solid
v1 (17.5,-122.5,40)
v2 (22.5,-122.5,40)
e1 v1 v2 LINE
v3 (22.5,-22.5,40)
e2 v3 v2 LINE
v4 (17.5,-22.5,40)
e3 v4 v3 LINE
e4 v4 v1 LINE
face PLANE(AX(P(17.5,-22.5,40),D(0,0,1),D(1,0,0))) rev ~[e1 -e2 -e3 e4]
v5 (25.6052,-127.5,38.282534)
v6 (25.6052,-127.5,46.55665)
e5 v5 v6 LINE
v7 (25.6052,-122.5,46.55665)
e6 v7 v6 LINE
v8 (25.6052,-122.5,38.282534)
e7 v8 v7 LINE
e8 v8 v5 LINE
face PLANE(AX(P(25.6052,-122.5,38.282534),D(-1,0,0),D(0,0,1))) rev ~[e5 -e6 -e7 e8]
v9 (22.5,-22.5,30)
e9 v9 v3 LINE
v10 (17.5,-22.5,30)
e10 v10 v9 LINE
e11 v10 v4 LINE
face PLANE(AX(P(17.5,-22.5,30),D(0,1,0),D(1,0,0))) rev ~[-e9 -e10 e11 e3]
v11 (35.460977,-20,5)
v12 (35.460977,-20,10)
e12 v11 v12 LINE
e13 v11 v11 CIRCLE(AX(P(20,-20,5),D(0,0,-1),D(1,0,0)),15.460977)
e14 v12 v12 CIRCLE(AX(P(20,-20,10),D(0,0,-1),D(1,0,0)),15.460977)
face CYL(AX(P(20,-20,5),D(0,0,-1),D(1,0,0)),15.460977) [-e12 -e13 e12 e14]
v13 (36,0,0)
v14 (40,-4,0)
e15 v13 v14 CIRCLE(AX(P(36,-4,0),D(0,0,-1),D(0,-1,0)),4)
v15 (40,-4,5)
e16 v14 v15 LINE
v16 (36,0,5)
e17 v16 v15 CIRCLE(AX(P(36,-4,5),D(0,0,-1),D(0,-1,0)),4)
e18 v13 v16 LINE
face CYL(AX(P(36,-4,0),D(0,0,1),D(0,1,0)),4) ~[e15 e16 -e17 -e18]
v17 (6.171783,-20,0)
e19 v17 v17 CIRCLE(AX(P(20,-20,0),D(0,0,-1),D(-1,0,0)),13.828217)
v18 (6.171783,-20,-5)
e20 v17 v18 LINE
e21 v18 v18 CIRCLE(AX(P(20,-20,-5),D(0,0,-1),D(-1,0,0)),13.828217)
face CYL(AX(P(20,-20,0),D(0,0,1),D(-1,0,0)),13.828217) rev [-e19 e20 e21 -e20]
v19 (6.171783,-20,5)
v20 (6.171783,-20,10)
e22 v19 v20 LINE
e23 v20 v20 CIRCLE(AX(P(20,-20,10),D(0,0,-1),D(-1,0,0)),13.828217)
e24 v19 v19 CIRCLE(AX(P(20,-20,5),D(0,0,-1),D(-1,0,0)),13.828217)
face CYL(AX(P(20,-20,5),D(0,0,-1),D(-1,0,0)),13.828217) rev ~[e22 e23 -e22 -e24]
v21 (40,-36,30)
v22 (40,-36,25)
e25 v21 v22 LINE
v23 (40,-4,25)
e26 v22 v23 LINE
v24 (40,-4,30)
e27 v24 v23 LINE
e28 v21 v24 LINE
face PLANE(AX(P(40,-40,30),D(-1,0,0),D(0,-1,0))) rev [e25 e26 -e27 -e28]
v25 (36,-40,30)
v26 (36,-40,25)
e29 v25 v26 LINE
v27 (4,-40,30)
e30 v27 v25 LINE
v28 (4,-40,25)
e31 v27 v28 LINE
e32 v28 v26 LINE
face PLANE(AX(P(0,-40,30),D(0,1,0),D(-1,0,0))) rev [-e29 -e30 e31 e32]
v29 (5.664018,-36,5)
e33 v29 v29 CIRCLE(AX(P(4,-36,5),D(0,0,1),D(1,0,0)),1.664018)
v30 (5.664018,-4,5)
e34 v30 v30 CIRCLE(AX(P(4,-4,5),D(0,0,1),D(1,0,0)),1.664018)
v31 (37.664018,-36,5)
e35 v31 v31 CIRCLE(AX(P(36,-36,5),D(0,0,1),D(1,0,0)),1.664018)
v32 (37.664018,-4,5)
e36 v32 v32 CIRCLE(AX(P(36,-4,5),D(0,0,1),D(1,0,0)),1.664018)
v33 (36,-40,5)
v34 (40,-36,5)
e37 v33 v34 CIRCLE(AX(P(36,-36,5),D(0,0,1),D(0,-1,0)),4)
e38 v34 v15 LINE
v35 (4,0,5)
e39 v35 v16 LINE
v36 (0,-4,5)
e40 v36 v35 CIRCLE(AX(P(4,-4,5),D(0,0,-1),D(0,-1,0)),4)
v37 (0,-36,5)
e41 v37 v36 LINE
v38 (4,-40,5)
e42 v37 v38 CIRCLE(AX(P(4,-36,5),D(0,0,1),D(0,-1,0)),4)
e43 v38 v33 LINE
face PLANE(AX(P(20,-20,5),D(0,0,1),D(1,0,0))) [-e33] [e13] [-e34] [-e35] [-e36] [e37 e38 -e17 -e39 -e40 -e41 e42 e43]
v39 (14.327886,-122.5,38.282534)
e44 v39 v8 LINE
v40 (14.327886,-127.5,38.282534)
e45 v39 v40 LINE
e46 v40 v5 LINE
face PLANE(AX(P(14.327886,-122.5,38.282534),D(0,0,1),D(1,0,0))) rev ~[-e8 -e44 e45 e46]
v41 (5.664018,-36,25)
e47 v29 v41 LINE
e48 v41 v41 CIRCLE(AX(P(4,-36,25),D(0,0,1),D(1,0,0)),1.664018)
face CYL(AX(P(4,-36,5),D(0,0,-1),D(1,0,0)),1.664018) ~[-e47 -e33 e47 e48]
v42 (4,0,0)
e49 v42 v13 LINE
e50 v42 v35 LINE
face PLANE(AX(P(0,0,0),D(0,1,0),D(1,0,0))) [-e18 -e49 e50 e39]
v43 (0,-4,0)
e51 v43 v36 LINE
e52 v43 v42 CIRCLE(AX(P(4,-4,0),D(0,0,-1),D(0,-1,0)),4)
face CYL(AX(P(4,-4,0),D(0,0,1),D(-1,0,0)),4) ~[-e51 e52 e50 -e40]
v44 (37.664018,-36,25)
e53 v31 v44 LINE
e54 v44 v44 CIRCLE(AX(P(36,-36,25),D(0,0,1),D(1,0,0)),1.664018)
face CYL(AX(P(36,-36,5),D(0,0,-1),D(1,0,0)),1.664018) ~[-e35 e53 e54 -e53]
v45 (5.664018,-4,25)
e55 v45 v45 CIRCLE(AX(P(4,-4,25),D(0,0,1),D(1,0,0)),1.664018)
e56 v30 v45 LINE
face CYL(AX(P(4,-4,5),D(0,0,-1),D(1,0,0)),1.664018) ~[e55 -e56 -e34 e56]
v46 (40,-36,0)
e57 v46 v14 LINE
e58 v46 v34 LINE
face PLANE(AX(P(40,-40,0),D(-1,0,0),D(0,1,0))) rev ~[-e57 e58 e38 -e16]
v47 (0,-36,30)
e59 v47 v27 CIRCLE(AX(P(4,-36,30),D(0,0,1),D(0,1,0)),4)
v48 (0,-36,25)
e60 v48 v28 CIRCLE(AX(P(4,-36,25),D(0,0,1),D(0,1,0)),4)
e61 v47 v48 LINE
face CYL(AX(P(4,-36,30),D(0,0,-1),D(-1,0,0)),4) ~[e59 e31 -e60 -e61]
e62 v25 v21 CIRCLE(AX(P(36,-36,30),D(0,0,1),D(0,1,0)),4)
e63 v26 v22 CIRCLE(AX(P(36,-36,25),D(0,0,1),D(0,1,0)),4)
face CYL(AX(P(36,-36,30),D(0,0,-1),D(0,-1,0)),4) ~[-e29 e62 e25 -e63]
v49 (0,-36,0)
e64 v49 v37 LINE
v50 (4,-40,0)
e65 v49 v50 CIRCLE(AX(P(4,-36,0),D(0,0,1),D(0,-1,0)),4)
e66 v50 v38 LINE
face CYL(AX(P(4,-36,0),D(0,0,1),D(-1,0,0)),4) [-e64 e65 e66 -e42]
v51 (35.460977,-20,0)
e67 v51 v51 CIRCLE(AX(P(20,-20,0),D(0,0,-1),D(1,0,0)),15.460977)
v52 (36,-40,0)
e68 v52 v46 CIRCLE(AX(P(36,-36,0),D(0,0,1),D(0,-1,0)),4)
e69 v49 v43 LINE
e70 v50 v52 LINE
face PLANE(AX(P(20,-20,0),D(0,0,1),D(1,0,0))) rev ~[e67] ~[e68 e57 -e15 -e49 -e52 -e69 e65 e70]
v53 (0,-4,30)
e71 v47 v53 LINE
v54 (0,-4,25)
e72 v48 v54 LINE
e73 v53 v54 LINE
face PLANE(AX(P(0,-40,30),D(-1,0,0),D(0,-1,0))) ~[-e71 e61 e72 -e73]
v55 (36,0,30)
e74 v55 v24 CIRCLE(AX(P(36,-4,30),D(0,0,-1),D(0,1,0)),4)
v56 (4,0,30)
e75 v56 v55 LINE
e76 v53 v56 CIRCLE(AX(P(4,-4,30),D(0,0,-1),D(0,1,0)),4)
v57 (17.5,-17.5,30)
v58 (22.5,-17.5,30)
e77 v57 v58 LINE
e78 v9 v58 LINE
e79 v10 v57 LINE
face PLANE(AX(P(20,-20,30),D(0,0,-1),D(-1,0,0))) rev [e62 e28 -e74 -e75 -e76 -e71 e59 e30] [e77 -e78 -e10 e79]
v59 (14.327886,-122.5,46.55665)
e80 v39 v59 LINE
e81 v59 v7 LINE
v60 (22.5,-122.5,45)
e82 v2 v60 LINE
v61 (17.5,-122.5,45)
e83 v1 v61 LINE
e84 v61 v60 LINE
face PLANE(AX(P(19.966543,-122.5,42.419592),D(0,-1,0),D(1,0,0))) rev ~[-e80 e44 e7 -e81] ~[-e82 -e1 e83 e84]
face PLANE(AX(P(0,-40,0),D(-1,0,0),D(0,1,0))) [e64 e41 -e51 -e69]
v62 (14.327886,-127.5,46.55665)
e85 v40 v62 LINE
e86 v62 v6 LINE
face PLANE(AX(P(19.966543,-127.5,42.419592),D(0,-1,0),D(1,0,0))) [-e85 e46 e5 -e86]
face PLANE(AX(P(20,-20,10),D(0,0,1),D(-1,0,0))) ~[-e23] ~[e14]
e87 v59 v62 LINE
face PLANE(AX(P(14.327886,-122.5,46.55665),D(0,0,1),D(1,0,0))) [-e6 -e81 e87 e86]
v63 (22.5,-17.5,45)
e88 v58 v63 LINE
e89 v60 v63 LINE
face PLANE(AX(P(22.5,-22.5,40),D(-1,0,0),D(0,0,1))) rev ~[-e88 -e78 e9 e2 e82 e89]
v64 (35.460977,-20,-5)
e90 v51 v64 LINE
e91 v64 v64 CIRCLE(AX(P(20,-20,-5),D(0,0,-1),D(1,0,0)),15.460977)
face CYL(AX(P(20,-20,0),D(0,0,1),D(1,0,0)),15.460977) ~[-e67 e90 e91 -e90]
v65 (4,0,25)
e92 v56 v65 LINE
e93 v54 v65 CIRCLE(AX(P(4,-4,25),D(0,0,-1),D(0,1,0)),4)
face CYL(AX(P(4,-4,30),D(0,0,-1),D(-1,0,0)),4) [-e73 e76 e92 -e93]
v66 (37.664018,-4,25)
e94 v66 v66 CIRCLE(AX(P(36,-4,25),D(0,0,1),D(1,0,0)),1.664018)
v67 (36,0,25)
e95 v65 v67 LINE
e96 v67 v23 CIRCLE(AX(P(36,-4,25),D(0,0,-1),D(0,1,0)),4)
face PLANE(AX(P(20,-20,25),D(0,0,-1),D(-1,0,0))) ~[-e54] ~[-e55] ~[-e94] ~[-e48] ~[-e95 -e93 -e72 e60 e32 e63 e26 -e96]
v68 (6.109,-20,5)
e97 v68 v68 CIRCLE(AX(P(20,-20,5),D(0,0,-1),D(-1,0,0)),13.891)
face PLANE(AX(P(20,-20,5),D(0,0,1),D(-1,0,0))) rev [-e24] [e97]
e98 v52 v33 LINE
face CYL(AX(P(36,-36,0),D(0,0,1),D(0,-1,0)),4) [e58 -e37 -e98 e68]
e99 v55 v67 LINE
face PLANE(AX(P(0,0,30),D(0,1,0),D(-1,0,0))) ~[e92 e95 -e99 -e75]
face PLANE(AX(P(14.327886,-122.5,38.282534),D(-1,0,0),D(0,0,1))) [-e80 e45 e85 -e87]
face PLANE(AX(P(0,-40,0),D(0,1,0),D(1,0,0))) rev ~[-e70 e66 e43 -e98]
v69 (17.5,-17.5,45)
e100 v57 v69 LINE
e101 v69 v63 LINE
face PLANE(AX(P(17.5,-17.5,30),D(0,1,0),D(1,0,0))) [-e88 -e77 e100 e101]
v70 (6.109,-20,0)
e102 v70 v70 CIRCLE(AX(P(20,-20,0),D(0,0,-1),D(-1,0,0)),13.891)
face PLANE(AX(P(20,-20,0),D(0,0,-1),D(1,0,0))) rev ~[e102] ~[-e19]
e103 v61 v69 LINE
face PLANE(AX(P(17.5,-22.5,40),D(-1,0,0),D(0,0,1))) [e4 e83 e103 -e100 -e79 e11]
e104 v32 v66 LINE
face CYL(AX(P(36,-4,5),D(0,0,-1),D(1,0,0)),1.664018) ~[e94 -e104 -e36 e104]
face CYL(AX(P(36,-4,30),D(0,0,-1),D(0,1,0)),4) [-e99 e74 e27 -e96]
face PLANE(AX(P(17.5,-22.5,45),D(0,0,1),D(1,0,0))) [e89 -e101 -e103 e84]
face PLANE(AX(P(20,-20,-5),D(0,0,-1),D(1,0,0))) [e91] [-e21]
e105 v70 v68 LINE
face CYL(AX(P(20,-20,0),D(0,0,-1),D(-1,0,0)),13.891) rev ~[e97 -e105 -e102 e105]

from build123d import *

# Parameters (mm, degrees)
SKETCH1_W           = 40
SKETCH1_H           = 40
BOSS_EXTRUDE1_DEPTH = 5
SKETCH3_R           = 13.891
CUT_EXTRUDE1_DEPTH  = 57.789083458
SKETCH4_R           = 1.664017503
BOSS_EXTRUDE3_DEPTH = 20
SKETCH5_W           = 5
SKETCH5_H           = 5
BOSS_EXTRUDE4_DEPTH = 15
SKETCH6_W           = 5
SKETCH6_H           = 5
BOSS_EXTRUDE5_DEPTH = 100
SKETCH7_R           = 15.460977434
SKETCH7_R_2         = 13.828216596
BOSS_EXTRUDE6_DEPTH = 5
SKETCH8_W           = 11.277313534
SKETCH8_H           = 8.274115908
BOSS_EXTRUDE7_DEPTH = 5
FILLET1_R           = 4
FILLET2_R           = 4


with BuildPart() as part:
    # Sketch1 → Boss-Extrude1 (new body)
    with BuildSketch(Plane.XY):
        with Locations((20, -20)):
            Rectangle(SKETCH1_W, SKETCH1_H)
    boss_extrude1 = extrude(amount=BOSS_EXTRUDE1_DEPTH)

    # Sketch3 → Cut-Extrude1 (cut, through all)
    with BuildSketch(Plane(origin=(0, 0, 0), x_dir=(-1, 0, 0), z_dir=(0, 0, -1))):
        with Locations((-20, -20)):
            Circle(SKETCH3_R)
    extrude(amount=-CUT_EXTRUDE1_DEPTH, mode=Mode.SUBTRACT)

    # Sketch4 → Boss-Extrude3 (add)
    with BuildSketch(Plane.XY.offset(5)):
        with Locations((4, -4)):
            Circle(SKETCH4_R)
        with Locations((36, -4)):
            Circle(SKETCH4_R)
        with Locations((36, -36)):
            Circle(SKETCH4_R)
        with Locations((4, -36)):
            Circle(SKETCH4_R)
    extrude(amount=BOSS_EXTRUDE3_DEPTH)

    # Mirror1: Boss-Extrude1 across plane
    add(boss_extrude1.mirror(Plane.XY.offset(15)))

    # Sketch5 → Boss-Extrude4 (add)
    with BuildSketch(Plane.XY.offset(30)):
        with Locations((20, -20)):
            Rectangle(SKETCH5_W, SKETCH5_H)
    extrude(amount=BOSS_EXTRUDE4_DEPTH)

    # Sketch6 → Boss-Extrude5 (add)
    with BuildSketch(Plane.XZ.offset(22.5)):
        with Locations((20, 42.5)):
            Rectangle(SKETCH6_W, SKETCH6_H)
    extrude(amount=BOSS_EXTRUDE5_DEPTH)

    # Sketch7 → Boss-Extrude6 (add)
    with BuildSketch(Plane(origin=(0, 0, 0), x_dir=(-1, 0, 0), z_dir=(0, 0, -1))):
        with Locations(Location((-20, -20, 0), (0, 0, 180))):
            Circle(SKETCH7_R)
        with Locations((-20, -20)):
            Circle(SKETCH7_R_2, mode=Mode.SUBTRACT)
    boss_extrude6 = extrude(amount=BOSS_EXTRUDE6_DEPTH)

    # Mirror3: Boss-Extrude6 across plane
    add(boss_extrude6.mirror(Plane.XY.offset(2.5)))

    # Sketch8 → Boss-Extrude7 (add)
    with BuildSketch(Plane.XZ.offset(122.5)):
        with Locations((19.966542914, 42.419592184)):
            Rectangle(SKETCH8_W, SKETCH8_H)
    extrude(amount=BOSS_EXTRUDE7_DEPTH)

    # Fillet1
    fillet1_edges = [part.edges().sort_by_distance(p)[0] for p in [
        (0, 0, 2.5),
    ]]
    fillet(fillet1_edges, radius=FILLET1_R)

    # Fillet2
    fillet2_edges = [part.edges().sort_by_distance(p)[0] for p in [
        (0, -40, 27.5),
        (0, 0, 27.5),
        (40, 0, 27.5),
        (40, -40, 27.5),
        (40, 0, 2.5),
        (40, -40, 2.5),
        (0, -40, 2.5),
    ]]
    fillet(fillet2_edges, radius=FILLET2_R)


solid = part.part
